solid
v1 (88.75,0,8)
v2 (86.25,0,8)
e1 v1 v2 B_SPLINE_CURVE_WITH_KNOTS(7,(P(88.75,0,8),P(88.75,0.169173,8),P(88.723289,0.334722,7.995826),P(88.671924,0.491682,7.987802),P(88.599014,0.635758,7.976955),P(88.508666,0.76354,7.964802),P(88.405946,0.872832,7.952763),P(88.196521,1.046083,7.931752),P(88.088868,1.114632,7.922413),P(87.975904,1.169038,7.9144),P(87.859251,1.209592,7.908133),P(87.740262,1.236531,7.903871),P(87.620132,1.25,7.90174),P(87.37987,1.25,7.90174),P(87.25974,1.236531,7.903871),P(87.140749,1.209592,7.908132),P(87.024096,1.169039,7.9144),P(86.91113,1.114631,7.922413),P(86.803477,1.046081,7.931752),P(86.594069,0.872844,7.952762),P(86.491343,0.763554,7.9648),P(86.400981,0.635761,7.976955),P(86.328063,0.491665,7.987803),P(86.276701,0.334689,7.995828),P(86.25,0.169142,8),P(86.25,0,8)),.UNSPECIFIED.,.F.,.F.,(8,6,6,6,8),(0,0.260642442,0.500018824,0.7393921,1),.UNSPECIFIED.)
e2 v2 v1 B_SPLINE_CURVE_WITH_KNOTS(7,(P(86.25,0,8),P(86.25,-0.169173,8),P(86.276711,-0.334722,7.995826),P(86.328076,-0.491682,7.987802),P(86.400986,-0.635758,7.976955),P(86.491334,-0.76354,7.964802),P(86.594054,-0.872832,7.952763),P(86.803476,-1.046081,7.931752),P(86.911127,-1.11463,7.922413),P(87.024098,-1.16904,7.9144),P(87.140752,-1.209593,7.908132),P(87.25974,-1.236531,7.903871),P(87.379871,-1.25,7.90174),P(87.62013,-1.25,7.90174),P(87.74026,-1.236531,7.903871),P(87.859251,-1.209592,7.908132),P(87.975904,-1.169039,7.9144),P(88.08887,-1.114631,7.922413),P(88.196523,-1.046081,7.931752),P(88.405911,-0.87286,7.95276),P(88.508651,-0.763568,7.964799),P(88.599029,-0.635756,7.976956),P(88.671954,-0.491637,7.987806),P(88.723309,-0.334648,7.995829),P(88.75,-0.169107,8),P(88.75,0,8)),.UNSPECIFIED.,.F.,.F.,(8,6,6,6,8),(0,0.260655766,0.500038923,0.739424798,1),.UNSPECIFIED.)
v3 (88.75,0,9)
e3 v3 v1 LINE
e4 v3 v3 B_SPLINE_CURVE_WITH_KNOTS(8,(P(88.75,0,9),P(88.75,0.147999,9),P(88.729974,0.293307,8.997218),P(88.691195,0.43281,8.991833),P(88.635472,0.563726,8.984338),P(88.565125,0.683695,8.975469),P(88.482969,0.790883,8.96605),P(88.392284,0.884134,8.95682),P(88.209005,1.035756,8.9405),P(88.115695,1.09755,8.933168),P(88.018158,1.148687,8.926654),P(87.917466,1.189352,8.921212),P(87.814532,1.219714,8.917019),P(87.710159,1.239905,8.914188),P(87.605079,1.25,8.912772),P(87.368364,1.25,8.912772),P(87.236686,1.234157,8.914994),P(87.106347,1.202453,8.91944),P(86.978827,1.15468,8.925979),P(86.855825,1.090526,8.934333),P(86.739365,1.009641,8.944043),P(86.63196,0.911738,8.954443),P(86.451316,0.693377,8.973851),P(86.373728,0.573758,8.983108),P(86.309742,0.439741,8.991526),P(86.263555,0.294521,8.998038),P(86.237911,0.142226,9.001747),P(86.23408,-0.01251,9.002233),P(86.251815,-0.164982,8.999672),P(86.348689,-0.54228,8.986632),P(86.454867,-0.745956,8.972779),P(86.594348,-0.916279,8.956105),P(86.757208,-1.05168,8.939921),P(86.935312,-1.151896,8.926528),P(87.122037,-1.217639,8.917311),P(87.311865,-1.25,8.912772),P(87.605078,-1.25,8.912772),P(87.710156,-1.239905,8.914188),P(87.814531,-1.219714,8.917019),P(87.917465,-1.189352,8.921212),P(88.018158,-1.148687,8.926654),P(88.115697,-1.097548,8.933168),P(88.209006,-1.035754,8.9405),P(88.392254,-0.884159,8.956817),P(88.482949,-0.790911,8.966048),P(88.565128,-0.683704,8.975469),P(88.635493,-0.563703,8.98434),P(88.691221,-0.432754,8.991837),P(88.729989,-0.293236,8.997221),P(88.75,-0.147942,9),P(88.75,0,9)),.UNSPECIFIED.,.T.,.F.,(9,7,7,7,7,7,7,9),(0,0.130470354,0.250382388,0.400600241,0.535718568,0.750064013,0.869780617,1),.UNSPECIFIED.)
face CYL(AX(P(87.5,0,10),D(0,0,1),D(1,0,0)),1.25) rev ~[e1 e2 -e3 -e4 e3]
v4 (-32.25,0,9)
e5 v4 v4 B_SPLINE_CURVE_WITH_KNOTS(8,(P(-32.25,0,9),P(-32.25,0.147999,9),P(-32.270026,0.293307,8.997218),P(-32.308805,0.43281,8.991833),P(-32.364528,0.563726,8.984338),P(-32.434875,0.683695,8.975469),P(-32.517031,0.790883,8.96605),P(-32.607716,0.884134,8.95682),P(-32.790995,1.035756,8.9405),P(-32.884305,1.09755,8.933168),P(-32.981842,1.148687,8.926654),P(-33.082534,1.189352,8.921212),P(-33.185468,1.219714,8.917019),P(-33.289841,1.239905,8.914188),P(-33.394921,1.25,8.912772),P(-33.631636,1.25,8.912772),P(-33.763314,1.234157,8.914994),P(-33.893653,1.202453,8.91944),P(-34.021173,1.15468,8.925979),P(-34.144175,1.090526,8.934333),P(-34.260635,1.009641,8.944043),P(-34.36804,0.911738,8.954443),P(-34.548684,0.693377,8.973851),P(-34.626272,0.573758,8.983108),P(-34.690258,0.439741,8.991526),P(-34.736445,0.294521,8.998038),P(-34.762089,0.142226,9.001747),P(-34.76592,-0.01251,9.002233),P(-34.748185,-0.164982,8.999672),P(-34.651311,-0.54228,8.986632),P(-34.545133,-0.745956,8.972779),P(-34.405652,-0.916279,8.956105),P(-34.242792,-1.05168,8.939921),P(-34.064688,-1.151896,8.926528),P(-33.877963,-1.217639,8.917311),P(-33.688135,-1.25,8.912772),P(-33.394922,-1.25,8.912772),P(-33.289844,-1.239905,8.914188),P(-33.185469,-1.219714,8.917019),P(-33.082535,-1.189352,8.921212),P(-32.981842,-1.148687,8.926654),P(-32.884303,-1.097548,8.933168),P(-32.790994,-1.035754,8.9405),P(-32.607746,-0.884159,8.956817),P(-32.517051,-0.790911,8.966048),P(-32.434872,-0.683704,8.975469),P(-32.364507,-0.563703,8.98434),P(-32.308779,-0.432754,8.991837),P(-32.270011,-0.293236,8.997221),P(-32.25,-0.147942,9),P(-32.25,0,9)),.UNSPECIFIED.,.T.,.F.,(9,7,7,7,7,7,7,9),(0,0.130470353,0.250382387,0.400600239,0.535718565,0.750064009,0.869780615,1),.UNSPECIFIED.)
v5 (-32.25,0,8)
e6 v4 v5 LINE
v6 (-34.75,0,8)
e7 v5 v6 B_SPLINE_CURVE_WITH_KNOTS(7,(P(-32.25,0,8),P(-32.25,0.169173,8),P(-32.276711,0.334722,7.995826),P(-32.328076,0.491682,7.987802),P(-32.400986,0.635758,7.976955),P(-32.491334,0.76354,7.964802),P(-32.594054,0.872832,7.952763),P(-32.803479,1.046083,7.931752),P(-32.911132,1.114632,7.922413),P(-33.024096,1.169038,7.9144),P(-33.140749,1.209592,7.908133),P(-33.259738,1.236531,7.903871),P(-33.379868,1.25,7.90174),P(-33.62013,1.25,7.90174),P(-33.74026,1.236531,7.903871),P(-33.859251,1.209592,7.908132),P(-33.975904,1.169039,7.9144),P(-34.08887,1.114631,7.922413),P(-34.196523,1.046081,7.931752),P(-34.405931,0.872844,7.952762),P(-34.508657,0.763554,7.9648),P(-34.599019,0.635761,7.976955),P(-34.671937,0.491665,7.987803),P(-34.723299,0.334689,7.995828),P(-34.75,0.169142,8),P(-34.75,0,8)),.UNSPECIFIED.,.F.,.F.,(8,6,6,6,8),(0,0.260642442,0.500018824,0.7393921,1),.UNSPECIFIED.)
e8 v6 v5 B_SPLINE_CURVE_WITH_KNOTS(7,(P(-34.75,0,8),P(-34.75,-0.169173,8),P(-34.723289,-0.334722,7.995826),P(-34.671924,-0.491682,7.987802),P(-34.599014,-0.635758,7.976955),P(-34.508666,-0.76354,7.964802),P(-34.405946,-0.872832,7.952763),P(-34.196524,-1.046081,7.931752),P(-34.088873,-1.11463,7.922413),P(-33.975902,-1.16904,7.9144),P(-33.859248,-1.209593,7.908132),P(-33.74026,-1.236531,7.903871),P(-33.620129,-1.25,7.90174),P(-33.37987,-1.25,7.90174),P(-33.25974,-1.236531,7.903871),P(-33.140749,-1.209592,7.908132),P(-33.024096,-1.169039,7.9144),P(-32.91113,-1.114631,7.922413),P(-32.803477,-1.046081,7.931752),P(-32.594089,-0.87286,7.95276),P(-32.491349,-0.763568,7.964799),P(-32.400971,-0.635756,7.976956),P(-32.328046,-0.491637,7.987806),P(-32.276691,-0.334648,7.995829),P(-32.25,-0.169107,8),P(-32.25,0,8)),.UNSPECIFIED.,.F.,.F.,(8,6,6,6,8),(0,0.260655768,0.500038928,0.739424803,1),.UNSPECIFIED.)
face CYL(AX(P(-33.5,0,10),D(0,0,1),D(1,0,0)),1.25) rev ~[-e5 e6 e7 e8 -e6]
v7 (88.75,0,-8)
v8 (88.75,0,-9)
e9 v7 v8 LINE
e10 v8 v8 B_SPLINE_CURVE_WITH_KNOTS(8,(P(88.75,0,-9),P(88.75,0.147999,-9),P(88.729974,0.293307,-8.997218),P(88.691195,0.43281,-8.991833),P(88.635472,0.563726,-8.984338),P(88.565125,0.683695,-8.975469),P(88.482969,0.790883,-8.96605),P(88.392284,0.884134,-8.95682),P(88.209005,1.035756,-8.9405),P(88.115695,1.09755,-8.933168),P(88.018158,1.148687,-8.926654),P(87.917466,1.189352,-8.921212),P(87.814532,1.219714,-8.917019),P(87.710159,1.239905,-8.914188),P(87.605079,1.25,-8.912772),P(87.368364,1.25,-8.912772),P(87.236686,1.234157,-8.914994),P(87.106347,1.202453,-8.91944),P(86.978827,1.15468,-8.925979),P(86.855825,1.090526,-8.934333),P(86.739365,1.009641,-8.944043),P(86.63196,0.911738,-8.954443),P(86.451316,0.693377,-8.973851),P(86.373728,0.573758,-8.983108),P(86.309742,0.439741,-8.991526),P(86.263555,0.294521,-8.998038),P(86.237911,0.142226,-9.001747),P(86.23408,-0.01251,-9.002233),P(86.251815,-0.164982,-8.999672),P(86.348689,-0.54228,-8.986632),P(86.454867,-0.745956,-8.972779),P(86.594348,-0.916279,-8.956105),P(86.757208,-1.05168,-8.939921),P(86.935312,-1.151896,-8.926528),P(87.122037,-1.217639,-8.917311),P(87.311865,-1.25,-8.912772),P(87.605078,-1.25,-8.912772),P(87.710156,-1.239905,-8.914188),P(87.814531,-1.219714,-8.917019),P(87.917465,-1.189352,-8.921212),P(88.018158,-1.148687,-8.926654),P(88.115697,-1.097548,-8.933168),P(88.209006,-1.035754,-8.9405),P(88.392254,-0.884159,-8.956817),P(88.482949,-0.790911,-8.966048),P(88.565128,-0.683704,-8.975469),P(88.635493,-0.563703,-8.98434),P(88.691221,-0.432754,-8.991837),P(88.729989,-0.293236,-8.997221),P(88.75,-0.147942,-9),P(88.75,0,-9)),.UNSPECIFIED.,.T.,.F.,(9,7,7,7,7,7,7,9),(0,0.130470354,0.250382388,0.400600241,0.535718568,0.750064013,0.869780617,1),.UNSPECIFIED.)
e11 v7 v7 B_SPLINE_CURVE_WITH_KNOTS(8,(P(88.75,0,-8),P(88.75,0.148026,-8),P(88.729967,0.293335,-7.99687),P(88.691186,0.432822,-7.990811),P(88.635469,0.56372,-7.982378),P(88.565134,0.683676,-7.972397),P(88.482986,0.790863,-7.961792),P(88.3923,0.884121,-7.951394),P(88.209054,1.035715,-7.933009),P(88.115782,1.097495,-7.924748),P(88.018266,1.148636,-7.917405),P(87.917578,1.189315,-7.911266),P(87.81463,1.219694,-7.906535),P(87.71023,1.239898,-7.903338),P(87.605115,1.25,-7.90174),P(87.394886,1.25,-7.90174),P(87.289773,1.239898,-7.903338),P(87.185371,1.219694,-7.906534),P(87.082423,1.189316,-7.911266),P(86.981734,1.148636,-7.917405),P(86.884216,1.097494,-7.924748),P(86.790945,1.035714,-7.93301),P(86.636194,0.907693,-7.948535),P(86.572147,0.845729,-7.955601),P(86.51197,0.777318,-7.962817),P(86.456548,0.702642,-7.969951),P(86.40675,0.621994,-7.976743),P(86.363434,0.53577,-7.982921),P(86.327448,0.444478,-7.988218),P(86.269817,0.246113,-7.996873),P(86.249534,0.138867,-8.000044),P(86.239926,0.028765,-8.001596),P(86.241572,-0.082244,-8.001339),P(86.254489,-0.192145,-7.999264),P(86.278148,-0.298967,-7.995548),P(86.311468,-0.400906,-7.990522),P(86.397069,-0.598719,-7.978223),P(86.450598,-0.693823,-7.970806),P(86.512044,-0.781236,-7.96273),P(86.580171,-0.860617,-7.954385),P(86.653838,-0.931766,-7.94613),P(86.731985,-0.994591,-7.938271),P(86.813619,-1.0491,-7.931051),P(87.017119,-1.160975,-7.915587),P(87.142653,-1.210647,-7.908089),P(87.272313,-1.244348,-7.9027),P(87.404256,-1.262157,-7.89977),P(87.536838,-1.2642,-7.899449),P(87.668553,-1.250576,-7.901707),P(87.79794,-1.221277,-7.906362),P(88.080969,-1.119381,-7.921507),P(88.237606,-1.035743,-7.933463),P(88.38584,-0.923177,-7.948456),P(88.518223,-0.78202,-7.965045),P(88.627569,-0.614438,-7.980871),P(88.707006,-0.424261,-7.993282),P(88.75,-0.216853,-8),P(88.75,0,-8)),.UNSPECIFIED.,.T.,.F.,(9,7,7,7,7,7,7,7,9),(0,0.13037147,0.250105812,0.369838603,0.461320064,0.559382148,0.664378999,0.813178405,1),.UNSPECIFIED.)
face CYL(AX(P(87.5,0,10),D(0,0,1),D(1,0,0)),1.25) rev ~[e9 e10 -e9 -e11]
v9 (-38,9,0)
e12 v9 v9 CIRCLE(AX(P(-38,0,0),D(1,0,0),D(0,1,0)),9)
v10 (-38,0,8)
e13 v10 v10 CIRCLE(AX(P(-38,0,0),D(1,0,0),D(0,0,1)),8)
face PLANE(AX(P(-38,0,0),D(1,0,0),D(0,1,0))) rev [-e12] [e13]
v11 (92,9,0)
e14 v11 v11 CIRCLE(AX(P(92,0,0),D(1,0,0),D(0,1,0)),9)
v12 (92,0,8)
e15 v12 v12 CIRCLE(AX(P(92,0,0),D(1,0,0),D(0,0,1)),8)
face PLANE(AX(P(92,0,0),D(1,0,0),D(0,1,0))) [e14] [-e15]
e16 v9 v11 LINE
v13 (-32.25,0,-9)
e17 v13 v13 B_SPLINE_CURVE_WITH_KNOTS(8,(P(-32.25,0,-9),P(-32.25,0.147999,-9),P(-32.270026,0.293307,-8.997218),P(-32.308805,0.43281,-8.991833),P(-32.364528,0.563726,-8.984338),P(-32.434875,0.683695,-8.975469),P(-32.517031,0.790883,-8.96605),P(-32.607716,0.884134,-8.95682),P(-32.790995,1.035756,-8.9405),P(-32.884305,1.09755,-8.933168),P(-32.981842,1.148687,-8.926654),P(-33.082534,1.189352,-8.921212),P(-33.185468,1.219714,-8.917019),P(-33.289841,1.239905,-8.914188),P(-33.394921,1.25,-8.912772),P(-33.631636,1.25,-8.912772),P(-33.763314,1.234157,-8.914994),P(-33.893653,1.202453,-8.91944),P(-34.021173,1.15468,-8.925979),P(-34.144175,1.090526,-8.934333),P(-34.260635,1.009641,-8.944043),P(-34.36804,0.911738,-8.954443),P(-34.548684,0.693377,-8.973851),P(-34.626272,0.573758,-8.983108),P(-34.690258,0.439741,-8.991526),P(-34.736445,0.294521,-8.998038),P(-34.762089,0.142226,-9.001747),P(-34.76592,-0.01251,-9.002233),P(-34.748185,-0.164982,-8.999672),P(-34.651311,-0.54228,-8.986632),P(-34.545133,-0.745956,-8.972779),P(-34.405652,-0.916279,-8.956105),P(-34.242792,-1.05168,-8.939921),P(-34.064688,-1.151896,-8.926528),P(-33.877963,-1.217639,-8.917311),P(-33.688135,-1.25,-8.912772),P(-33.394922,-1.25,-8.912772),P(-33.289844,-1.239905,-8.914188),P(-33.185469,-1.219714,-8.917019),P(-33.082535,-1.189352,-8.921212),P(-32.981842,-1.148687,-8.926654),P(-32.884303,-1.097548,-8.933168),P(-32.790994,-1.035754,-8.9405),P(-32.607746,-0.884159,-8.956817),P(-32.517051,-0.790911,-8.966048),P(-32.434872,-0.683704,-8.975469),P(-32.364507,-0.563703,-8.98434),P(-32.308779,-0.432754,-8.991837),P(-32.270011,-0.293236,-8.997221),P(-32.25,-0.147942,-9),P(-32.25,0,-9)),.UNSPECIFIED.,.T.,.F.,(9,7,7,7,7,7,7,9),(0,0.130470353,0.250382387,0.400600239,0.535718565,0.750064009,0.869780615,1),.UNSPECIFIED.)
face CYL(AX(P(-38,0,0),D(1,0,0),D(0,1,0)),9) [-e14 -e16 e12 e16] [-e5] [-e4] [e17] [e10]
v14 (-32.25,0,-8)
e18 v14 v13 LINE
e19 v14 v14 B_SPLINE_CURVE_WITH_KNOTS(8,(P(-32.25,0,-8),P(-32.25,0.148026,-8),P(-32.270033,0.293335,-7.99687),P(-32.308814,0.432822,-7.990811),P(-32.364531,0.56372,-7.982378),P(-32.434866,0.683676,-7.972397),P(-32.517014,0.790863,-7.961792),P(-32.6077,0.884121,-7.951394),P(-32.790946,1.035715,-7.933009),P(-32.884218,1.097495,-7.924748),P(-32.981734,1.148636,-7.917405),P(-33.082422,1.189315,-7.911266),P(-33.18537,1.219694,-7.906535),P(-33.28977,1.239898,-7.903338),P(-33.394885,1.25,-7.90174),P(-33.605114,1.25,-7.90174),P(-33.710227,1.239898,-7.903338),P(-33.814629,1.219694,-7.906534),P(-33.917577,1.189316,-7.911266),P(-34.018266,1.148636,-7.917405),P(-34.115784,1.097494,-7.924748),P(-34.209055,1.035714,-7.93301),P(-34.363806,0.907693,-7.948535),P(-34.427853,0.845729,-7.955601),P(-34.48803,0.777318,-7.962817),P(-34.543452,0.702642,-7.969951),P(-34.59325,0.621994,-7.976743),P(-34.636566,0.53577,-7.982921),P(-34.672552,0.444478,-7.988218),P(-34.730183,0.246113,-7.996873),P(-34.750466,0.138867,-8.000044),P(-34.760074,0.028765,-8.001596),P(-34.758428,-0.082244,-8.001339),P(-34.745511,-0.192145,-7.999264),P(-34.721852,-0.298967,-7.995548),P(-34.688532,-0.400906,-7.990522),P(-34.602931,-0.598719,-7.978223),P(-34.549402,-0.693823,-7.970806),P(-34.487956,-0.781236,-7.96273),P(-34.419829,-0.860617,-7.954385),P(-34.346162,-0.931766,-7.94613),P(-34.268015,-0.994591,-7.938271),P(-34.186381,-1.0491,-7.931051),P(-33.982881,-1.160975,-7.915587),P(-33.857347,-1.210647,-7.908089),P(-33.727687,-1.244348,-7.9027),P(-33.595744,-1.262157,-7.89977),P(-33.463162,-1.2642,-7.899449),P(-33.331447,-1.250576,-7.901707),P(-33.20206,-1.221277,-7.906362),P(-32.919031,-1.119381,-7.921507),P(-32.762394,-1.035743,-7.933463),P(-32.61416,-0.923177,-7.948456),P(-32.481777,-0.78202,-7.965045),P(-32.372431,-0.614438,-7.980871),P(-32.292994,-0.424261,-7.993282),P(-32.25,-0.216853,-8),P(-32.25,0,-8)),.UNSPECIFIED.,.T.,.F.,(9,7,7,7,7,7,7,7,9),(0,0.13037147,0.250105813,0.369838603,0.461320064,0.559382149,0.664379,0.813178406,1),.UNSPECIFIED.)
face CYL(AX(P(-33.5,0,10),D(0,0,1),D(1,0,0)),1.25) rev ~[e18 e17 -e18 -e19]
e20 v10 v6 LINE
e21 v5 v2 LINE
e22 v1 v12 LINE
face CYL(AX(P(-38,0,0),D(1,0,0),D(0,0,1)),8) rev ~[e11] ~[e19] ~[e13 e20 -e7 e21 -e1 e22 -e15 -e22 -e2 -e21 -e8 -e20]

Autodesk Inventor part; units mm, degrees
ref_plane "YZ Plane" through (0, 0, 0) normal (1, 0, 0) x (0, 1, 0)
ref_plane "XZ Plane" through (0, 0, 0) normal (0, 1, 0) x (-1, 0, 0)
sketch "ShaftProfile" plane through (0, 0, 0) normal (0, 0, 1) x (1, 0, 0)
  line L0 (-64, 0) -> (118, 0) construction
  line L1 (-38, 9) -> (92, 9)
  line L2 (92, 9) -> (92, 0)
  line L3 (-38, 0) -> (-38, 9)
  line L4 (-38, 0) -> (92, 0)
  point P0 (0, 0)
  dimension "d1" = 130
  dimension "d2" = 9
  dimension "d4" = 38
revolve "ShaftFeature" add sketch "ShaftProfile" angle 360 about axis through (-38, 0, 0) along (1, 0, 0)
sketch "Sketch2" plane through (-38, 0, 0) normal (-1, 0, 0) x (0, 0, 1)
  circle A0 centre (0, 0) radius 9 projected
hole "ShaftHoleFeature" at (-38, 0, 0) direction (1, 0, 0) diameter 16 end through all
ref_plane "MidSidePlane" through (0, 0, 10) normal (0, 0, 1) x (1, 0, 0)
sketch "CapHoles" plane through (0, 0, 10) normal (0, 0, 1) x (1, 0, 0)
  line L0 (92, -9) -> (92, 9) construction
  line L1 (-38, -9) -> (-38, 9) construction
  line L2 (-45, 0) -> (4, 0) construction
  circle A0 centre (-33.5, 0) radius 1.25
  circle A1 centre (87.5, 0) radius 1.25
  dimension "d24" = 2.5
  dimension "d25" = 4.5
  dimension "d26" = 4.5
extrude "CapHolesFeature" cut sketch "CapHoles" against normal through all
equation "\"d26\" = d25"
properties part number "BackPair1PistonShaft"
